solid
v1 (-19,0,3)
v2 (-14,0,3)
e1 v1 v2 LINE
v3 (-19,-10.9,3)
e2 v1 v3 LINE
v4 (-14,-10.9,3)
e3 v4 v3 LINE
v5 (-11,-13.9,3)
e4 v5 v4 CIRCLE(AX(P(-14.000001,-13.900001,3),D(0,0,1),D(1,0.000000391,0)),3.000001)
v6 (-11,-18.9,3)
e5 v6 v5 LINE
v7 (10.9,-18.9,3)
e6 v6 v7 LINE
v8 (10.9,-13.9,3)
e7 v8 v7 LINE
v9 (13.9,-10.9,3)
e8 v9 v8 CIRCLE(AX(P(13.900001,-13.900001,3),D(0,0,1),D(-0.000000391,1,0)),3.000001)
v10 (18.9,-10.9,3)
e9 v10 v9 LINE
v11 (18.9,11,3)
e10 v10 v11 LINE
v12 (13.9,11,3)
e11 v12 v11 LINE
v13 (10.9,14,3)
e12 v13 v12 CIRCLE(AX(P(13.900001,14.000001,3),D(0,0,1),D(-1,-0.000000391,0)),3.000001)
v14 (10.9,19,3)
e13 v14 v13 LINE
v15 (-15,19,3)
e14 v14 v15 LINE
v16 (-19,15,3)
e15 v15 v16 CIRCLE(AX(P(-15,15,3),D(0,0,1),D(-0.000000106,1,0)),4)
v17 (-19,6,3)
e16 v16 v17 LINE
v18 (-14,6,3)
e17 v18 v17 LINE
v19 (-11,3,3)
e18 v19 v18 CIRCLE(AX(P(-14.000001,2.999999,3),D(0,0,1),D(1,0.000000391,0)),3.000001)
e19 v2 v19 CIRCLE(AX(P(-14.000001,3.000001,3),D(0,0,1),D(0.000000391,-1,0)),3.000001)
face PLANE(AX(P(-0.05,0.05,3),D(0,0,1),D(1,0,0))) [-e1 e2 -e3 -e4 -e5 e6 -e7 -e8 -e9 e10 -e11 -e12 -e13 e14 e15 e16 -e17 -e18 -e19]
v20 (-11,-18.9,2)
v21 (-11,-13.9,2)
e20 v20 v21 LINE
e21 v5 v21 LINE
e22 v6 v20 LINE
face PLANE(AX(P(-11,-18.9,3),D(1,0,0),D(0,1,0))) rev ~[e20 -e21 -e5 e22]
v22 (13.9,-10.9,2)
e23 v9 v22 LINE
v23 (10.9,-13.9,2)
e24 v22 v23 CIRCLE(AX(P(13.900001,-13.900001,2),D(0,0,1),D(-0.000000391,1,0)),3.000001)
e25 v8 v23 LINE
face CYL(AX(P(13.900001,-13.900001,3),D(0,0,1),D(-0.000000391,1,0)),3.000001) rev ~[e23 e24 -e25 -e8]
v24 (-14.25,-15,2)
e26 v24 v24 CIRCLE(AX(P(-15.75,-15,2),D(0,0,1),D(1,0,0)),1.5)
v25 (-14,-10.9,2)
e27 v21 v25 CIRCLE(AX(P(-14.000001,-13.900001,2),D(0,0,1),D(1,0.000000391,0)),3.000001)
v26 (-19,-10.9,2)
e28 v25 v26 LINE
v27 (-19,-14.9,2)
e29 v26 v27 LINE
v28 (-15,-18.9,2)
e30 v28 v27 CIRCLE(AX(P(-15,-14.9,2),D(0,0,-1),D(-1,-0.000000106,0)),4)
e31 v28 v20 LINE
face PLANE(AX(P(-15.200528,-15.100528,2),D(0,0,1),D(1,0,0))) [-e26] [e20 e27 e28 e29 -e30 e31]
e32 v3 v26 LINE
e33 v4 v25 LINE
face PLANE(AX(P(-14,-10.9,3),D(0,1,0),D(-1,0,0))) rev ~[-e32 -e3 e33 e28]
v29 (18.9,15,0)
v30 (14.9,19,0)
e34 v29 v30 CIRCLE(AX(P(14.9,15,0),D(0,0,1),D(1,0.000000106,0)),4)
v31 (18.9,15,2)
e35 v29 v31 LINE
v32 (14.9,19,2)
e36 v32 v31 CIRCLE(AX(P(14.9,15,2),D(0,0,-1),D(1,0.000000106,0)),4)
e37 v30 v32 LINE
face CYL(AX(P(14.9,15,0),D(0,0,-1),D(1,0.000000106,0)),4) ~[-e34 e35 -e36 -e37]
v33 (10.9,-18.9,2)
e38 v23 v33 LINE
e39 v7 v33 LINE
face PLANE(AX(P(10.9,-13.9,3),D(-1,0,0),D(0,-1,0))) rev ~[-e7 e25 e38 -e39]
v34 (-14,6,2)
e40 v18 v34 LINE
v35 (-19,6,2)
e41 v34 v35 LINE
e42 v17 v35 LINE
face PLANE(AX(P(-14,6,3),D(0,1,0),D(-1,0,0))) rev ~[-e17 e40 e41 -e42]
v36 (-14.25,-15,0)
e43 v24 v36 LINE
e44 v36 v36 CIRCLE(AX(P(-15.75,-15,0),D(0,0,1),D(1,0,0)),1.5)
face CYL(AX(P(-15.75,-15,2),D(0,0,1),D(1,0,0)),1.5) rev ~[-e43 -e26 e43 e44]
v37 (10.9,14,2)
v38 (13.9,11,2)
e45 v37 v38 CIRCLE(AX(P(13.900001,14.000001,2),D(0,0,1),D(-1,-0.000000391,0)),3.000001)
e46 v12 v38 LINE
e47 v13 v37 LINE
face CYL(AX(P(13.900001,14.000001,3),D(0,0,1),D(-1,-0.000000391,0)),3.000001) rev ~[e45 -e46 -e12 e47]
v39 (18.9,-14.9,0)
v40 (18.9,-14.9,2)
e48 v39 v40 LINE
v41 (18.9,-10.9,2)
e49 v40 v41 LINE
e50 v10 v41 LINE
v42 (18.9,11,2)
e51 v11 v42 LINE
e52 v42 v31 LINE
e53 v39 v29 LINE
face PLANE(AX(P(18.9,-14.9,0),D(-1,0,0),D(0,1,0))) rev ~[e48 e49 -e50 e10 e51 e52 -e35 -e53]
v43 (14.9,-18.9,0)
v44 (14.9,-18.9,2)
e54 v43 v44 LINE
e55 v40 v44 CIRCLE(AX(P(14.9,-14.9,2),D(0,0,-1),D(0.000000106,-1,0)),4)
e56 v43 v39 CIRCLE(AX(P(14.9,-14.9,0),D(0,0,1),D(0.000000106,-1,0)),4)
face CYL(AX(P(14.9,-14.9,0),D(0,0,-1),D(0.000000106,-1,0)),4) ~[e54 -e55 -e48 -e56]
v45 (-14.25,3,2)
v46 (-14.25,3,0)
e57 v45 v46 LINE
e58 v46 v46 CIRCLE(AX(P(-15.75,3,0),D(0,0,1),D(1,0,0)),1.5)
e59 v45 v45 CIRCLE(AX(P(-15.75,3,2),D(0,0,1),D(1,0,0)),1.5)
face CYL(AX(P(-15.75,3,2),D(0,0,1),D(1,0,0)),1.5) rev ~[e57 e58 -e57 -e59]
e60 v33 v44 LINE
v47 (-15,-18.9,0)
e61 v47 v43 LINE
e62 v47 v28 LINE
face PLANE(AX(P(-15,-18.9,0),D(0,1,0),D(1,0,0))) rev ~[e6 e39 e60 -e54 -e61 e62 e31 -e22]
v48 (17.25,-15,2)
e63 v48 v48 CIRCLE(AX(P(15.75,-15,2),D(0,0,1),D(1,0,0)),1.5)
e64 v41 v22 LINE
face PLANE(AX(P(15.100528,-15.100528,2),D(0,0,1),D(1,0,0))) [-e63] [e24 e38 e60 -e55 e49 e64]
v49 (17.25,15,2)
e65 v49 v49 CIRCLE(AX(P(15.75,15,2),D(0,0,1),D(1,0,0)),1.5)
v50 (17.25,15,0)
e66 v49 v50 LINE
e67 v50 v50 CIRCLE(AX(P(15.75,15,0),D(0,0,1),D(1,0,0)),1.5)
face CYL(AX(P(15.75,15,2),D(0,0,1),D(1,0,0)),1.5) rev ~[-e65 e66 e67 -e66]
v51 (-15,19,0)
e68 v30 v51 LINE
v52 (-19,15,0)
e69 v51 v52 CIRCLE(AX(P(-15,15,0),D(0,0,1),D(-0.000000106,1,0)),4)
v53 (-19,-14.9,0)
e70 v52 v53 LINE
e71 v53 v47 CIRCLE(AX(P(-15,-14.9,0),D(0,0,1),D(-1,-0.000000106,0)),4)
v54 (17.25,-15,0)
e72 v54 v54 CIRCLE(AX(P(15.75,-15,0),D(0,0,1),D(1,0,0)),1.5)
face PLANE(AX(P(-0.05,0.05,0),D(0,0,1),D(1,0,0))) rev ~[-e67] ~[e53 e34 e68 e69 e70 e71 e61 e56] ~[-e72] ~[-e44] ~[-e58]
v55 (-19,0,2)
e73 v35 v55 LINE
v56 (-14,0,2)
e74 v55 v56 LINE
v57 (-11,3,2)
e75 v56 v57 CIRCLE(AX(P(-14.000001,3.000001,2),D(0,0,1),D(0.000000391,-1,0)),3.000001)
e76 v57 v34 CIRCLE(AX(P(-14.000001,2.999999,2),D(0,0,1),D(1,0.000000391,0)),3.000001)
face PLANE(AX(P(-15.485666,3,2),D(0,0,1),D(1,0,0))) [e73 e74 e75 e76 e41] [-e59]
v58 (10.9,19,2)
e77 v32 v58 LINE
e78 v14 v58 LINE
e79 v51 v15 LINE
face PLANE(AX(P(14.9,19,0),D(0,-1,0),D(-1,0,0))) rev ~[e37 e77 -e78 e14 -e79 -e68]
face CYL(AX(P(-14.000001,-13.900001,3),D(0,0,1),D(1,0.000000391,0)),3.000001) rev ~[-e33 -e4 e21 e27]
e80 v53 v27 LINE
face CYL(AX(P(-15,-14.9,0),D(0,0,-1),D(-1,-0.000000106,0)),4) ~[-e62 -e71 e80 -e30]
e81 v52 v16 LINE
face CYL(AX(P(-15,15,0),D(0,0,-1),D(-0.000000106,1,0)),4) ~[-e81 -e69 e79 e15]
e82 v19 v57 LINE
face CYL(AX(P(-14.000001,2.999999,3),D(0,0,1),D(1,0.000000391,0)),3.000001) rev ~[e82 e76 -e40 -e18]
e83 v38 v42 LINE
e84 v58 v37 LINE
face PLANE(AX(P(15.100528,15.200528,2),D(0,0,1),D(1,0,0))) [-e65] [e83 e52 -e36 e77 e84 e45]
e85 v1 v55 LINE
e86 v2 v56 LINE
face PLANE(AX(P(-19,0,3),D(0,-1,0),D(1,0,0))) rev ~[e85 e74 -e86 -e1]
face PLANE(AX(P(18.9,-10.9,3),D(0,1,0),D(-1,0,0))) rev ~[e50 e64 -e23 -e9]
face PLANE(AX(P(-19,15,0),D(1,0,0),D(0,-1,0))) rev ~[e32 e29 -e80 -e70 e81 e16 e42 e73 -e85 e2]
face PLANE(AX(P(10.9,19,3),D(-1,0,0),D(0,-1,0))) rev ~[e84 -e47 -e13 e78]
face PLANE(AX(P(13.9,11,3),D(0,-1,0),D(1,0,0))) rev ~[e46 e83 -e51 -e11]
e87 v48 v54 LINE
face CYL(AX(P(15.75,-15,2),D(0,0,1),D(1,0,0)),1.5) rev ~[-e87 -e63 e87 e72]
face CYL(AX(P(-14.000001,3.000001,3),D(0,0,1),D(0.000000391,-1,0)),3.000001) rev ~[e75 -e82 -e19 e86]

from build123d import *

# Parameters (mm, degrees)
F1_DEPTH = 3
F3_DEPTH = 1
F4_R     = 1.5
F5_DEPTH = 25


with BuildPart() as f1:
    # F0 (on Top) → F1 (new body)
    with BuildSketch(Plane.XY):
        with BuildLine():
            Line((14.9, 19), (-15, 19))
            ThreePointArc((-15, 19), (-17.828427, 17.828427), (-19, 15))
            Line((-19, 15), (-19, -14.9))
            ThreePointArc((-19, -14.9), (-17.828427, -17.728427), (-15, -18.9))
            Line((-15, -18.9), (14.9, -18.9))
            ThreePointArc((14.9, -18.9), (17.728427, -17.728427), (18.9, -14.9))
            Line((18.9, -14.9), (18.9, 15))
            ThreePointArc((18.9, 15), (17.728427, 17.828427), (14.9, 19))
        make_face()
    extrude(amount=F1_DEPTH)

    # F2 (on face) → F3 (cut)
    with BuildSketch(Plane.XY.offset(3)):
        with BuildLine():
            Line((-14, 6), (-19, 6))
            Line((-19, 6), (-19, 0))
            Line((-19, 0), (-14, 0))
            ThreePointArc((-14, 0), (-11.87868, 0.87868), (-11, 3))
            ThreePointArc((-11, 3), (-11.87868, 5.12132), (-14, 6))
        make_face()
        with BuildLine():
            Line((18.9, 19), (10.9, 19))
            Line((10.9, 19), (10.9, 14))
            ThreePointArc((10.9, 14), (11.77868, 11.87868), (13.9, 11))
            Line((13.9, 11), (18.9, 11))
            Line((18.9, 11), (18.9, 19))
        make_face()
        with BuildLine():
            Line((-14, -10.9), (-19, -10.9))
            Line((-19, -10.9), (-19, -18.9))
            Line((-19, -18.9), (-11, -18.9))
            Line((-11, -18.9), (-11, -13.9))
            ThreePointArc((-11, -13.9), (-11.87868, -11.77868), (-14, -10.9))
        make_face()
        with BuildLine():
            Line((18.9, -18.9), (18.9, -10.9))
            Line((18.9, -10.9), (13.9, -10.9))
            ThreePointArc((13.9, -10.9), (11.77868, -11.77868), (10.9, -13.9))
            Line((10.9, -13.9), (10.9, -18.9))
            Line((10.9, -18.9), (18.9, -18.9))
        make_face()
    extrude(amount=-F3_DEPTH, mode=Mode.SUBTRACT)

    # F4 (on face) → F5 (cut)
    with BuildSketch(Plane.XY.offset(2)):
        with Locations((-15.75, 3)):
            Circle(F4_R)
        with Locations((15.75, 15)):
            Circle(F4_R)
        with Locations((15.75, -15)):
            Circle(F4_R)
        with Locations((-15.75, -15)):
            Circle(F4_R)
    extrude(amount=-F5_DEPTH, mode=Mode.SUBTRACT)


solid = f1.part
